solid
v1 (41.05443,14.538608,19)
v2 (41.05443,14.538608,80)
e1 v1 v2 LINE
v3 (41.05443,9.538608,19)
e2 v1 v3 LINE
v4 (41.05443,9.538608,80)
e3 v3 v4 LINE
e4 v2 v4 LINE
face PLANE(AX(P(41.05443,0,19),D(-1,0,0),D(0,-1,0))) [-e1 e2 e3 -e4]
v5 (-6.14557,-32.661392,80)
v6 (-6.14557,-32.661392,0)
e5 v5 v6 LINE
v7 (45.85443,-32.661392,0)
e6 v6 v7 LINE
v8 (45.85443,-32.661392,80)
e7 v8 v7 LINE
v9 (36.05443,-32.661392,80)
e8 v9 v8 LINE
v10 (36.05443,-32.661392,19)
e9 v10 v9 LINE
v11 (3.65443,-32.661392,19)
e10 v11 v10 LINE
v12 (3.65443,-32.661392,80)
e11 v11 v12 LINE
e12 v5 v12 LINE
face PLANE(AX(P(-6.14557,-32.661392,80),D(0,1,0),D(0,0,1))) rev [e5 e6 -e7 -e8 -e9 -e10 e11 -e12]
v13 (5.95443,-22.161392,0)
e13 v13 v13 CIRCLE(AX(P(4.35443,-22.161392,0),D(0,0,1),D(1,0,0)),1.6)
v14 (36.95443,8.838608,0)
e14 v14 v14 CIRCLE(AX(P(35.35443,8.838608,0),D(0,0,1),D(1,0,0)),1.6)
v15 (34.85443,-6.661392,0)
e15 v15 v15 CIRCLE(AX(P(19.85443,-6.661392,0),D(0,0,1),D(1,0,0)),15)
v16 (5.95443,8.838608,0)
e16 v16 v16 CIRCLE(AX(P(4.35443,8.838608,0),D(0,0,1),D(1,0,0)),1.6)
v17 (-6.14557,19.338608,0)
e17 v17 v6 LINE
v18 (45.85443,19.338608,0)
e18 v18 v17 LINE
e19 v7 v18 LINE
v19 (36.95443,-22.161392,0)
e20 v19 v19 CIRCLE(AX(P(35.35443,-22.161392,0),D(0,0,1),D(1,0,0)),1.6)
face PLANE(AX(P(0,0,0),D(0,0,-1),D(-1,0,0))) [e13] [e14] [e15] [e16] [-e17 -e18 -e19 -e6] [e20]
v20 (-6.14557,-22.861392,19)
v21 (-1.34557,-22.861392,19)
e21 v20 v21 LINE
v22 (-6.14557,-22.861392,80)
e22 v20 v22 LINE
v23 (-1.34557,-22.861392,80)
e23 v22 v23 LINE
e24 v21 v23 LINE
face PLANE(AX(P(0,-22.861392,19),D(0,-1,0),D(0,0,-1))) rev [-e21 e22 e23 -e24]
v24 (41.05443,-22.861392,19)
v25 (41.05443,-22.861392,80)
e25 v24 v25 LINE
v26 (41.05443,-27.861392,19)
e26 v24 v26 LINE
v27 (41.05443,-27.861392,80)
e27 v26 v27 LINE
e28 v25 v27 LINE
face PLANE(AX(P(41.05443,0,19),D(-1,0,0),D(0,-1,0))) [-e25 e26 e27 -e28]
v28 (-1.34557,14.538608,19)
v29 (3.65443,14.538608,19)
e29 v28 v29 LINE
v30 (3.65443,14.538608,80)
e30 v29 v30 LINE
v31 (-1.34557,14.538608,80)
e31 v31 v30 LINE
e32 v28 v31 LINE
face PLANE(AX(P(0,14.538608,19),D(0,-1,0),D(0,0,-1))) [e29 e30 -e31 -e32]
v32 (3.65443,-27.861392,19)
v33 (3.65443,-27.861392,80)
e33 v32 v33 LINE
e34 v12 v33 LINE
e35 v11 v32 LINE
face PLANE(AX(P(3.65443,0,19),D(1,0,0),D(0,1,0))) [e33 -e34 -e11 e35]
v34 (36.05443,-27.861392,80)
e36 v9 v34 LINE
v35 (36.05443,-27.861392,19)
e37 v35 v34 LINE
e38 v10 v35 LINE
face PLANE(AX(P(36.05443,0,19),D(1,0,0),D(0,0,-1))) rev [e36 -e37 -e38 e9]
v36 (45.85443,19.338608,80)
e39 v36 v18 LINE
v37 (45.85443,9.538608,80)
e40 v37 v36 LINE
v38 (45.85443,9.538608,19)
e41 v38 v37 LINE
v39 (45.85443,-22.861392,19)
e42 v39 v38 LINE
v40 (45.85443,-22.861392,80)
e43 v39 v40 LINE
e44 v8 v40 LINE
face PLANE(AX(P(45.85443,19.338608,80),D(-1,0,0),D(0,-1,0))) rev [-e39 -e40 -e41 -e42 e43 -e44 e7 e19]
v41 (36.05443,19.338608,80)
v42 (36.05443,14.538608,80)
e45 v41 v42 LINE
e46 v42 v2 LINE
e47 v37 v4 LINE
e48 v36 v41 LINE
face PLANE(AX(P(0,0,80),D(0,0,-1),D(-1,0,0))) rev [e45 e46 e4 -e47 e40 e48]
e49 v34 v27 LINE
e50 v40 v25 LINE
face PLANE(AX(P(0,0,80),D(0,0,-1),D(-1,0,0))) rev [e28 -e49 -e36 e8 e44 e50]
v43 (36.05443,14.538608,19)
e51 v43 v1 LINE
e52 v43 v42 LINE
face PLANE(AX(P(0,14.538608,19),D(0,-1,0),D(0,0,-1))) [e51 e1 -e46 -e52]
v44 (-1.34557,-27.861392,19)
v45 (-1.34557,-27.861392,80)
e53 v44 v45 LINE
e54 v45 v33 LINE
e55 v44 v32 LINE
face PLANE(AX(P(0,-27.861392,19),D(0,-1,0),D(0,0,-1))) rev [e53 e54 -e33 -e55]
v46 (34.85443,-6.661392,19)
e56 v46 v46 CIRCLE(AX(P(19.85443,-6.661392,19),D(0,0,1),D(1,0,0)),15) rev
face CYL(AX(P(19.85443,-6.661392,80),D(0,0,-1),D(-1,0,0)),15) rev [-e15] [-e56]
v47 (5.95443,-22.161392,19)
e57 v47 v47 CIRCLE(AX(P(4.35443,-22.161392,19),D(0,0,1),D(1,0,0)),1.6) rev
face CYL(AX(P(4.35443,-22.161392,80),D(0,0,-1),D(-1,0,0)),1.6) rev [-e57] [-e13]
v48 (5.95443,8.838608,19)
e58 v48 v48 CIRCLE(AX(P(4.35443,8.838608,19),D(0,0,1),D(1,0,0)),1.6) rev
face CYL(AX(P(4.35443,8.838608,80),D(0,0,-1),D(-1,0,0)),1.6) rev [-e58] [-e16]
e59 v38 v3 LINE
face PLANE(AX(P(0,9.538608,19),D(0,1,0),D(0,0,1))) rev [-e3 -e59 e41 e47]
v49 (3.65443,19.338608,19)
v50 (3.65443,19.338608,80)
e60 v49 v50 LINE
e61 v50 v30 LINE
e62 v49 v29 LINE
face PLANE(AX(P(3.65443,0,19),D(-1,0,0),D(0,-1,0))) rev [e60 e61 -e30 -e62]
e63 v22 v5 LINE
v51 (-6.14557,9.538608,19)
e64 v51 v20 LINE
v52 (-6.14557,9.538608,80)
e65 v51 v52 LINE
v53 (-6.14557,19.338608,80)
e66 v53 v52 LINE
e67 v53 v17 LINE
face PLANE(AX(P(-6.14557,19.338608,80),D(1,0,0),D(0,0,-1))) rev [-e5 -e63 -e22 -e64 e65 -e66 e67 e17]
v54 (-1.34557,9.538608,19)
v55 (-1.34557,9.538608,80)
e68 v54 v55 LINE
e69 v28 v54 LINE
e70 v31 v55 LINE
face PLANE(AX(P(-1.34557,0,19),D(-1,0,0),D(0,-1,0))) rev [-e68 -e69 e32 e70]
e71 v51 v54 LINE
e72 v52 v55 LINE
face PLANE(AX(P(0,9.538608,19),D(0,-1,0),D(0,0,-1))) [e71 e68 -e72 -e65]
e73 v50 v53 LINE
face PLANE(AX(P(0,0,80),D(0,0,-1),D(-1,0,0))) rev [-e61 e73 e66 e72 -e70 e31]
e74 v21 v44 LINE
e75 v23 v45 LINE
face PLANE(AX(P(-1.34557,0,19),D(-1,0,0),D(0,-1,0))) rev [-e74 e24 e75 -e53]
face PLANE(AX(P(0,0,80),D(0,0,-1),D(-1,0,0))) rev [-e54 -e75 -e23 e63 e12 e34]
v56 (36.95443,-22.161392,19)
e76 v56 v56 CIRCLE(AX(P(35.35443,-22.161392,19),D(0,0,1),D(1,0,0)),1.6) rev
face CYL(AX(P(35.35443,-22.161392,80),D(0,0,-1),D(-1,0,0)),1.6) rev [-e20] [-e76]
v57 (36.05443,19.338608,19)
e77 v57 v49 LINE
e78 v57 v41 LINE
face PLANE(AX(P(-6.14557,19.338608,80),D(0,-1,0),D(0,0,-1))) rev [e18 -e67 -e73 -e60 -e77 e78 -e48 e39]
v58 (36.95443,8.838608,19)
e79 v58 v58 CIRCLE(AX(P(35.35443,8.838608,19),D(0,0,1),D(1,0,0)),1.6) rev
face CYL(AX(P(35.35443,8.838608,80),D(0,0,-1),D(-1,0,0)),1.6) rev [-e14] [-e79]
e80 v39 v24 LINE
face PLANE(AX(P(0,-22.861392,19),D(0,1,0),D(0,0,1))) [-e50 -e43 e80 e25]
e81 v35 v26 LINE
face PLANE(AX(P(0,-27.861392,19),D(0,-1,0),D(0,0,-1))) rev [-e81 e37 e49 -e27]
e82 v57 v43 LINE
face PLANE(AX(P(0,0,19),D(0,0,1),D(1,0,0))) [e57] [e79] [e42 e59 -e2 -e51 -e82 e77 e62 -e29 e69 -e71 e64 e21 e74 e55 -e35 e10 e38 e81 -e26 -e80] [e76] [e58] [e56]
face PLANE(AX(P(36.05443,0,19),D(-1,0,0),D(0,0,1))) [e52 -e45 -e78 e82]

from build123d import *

# Parameters (mm, degrees)
SKETCH_1_W          = 52
SKETCH_1_H          = 52
SKETCH_1_R          = 15
SKETCH_1_R_2        = 1.6
EXTRUDE_1_DEPTH     = 80
SKETCH_2_R          = 1.6
SKETCH_2_R_2        = 15
CUT_EXTRUDE_1_DEPTH = 61


with BuildPart() as part:
    # 草图1 → 凸台-拉伸1 (new body)
    with BuildSketch(Plane.XY):
        with Locations((19.85443038, -6.661392405)):
            Rectangle(SKETCH_1_W, SKETCH_1_H)
        with Locations((19.85443038, -6.661392405)):
            Circle(SKETCH_1_R, mode=Mode.SUBTRACT)
        with Locations((35.35443038, 8.838607595)):
            Circle(SKETCH_1_R_2, mode=Mode.SUBTRACT)
        with Locations((35.35443038, -22.161392405)):
            Circle(SKETCH_1_R_2, mode=Mode.SUBTRACT)
        with Locations((4.35443038, -22.161392405)):
            Circle(SKETCH_1_R_2, mode=Mode.SUBTRACT)
        with Locations((4.35443038, 8.838607595)):
            Circle(SKETCH_1_R_2, mode=Mode.SUBTRACT)
    extrude(amount=EXTRUDE_1_DEPTH)

    # 草图2 → 切除-拉伸1 (cut)
    with BuildSketch(Plane.XY.offset(80)):
        Polygon((3.65443038, 14.538607595), (-1.34556962, 14.538607595), (-1.34556962, 9.538607595), (-6.14556962, 9.538607595), (-6.14556962, -22.861392405), (-1.34556962, -22.861392405), (-1.34556962, -27.861392405), (3.65443038, -27.861392405), (3.65443038, -32.661392405), (36.05443038, -32.661392405), (36.05443038, -27.861392405), (41.05443038, -27.861392405), (41.05443038, -22.861392405), (45.85443038, -22.861392405), (45.85443038, 9.538607595), (41.05443038, 9.538607595), (41.05443038, 14.538607595), (36.05443038, 14.538607595), (36.05443038, 19.338607595), (3.65443038, 19.338607595), align=None)
        with Locations((4.35443038, -22.161392405)):
            Circle(SKETCH_2_R, mode=Mode.SUBTRACT)
        with Locations((35.35443038, -22.161392405)):
            Circle(SKETCH_2_R, mode=Mode.SUBTRACT)
        with Locations((4.35443038, 8.838607595)):
            Circle(SKETCH_2_R, mode=Mode.SUBTRACT)
        with Locations((19.85443038, -6.661392405)):
            Circle(SKETCH_2_R_2, mode=Mode.SUBTRACT)
        with Locations((35.35443038, 8.838607595)):
            Circle(SKETCH_2_R, mode=Mode.SUBTRACT)
    extrude(amount=-CUT_EXTRUDE_1_DEPTH, mode=Mode.SUBTRACT)


solid = part.part
